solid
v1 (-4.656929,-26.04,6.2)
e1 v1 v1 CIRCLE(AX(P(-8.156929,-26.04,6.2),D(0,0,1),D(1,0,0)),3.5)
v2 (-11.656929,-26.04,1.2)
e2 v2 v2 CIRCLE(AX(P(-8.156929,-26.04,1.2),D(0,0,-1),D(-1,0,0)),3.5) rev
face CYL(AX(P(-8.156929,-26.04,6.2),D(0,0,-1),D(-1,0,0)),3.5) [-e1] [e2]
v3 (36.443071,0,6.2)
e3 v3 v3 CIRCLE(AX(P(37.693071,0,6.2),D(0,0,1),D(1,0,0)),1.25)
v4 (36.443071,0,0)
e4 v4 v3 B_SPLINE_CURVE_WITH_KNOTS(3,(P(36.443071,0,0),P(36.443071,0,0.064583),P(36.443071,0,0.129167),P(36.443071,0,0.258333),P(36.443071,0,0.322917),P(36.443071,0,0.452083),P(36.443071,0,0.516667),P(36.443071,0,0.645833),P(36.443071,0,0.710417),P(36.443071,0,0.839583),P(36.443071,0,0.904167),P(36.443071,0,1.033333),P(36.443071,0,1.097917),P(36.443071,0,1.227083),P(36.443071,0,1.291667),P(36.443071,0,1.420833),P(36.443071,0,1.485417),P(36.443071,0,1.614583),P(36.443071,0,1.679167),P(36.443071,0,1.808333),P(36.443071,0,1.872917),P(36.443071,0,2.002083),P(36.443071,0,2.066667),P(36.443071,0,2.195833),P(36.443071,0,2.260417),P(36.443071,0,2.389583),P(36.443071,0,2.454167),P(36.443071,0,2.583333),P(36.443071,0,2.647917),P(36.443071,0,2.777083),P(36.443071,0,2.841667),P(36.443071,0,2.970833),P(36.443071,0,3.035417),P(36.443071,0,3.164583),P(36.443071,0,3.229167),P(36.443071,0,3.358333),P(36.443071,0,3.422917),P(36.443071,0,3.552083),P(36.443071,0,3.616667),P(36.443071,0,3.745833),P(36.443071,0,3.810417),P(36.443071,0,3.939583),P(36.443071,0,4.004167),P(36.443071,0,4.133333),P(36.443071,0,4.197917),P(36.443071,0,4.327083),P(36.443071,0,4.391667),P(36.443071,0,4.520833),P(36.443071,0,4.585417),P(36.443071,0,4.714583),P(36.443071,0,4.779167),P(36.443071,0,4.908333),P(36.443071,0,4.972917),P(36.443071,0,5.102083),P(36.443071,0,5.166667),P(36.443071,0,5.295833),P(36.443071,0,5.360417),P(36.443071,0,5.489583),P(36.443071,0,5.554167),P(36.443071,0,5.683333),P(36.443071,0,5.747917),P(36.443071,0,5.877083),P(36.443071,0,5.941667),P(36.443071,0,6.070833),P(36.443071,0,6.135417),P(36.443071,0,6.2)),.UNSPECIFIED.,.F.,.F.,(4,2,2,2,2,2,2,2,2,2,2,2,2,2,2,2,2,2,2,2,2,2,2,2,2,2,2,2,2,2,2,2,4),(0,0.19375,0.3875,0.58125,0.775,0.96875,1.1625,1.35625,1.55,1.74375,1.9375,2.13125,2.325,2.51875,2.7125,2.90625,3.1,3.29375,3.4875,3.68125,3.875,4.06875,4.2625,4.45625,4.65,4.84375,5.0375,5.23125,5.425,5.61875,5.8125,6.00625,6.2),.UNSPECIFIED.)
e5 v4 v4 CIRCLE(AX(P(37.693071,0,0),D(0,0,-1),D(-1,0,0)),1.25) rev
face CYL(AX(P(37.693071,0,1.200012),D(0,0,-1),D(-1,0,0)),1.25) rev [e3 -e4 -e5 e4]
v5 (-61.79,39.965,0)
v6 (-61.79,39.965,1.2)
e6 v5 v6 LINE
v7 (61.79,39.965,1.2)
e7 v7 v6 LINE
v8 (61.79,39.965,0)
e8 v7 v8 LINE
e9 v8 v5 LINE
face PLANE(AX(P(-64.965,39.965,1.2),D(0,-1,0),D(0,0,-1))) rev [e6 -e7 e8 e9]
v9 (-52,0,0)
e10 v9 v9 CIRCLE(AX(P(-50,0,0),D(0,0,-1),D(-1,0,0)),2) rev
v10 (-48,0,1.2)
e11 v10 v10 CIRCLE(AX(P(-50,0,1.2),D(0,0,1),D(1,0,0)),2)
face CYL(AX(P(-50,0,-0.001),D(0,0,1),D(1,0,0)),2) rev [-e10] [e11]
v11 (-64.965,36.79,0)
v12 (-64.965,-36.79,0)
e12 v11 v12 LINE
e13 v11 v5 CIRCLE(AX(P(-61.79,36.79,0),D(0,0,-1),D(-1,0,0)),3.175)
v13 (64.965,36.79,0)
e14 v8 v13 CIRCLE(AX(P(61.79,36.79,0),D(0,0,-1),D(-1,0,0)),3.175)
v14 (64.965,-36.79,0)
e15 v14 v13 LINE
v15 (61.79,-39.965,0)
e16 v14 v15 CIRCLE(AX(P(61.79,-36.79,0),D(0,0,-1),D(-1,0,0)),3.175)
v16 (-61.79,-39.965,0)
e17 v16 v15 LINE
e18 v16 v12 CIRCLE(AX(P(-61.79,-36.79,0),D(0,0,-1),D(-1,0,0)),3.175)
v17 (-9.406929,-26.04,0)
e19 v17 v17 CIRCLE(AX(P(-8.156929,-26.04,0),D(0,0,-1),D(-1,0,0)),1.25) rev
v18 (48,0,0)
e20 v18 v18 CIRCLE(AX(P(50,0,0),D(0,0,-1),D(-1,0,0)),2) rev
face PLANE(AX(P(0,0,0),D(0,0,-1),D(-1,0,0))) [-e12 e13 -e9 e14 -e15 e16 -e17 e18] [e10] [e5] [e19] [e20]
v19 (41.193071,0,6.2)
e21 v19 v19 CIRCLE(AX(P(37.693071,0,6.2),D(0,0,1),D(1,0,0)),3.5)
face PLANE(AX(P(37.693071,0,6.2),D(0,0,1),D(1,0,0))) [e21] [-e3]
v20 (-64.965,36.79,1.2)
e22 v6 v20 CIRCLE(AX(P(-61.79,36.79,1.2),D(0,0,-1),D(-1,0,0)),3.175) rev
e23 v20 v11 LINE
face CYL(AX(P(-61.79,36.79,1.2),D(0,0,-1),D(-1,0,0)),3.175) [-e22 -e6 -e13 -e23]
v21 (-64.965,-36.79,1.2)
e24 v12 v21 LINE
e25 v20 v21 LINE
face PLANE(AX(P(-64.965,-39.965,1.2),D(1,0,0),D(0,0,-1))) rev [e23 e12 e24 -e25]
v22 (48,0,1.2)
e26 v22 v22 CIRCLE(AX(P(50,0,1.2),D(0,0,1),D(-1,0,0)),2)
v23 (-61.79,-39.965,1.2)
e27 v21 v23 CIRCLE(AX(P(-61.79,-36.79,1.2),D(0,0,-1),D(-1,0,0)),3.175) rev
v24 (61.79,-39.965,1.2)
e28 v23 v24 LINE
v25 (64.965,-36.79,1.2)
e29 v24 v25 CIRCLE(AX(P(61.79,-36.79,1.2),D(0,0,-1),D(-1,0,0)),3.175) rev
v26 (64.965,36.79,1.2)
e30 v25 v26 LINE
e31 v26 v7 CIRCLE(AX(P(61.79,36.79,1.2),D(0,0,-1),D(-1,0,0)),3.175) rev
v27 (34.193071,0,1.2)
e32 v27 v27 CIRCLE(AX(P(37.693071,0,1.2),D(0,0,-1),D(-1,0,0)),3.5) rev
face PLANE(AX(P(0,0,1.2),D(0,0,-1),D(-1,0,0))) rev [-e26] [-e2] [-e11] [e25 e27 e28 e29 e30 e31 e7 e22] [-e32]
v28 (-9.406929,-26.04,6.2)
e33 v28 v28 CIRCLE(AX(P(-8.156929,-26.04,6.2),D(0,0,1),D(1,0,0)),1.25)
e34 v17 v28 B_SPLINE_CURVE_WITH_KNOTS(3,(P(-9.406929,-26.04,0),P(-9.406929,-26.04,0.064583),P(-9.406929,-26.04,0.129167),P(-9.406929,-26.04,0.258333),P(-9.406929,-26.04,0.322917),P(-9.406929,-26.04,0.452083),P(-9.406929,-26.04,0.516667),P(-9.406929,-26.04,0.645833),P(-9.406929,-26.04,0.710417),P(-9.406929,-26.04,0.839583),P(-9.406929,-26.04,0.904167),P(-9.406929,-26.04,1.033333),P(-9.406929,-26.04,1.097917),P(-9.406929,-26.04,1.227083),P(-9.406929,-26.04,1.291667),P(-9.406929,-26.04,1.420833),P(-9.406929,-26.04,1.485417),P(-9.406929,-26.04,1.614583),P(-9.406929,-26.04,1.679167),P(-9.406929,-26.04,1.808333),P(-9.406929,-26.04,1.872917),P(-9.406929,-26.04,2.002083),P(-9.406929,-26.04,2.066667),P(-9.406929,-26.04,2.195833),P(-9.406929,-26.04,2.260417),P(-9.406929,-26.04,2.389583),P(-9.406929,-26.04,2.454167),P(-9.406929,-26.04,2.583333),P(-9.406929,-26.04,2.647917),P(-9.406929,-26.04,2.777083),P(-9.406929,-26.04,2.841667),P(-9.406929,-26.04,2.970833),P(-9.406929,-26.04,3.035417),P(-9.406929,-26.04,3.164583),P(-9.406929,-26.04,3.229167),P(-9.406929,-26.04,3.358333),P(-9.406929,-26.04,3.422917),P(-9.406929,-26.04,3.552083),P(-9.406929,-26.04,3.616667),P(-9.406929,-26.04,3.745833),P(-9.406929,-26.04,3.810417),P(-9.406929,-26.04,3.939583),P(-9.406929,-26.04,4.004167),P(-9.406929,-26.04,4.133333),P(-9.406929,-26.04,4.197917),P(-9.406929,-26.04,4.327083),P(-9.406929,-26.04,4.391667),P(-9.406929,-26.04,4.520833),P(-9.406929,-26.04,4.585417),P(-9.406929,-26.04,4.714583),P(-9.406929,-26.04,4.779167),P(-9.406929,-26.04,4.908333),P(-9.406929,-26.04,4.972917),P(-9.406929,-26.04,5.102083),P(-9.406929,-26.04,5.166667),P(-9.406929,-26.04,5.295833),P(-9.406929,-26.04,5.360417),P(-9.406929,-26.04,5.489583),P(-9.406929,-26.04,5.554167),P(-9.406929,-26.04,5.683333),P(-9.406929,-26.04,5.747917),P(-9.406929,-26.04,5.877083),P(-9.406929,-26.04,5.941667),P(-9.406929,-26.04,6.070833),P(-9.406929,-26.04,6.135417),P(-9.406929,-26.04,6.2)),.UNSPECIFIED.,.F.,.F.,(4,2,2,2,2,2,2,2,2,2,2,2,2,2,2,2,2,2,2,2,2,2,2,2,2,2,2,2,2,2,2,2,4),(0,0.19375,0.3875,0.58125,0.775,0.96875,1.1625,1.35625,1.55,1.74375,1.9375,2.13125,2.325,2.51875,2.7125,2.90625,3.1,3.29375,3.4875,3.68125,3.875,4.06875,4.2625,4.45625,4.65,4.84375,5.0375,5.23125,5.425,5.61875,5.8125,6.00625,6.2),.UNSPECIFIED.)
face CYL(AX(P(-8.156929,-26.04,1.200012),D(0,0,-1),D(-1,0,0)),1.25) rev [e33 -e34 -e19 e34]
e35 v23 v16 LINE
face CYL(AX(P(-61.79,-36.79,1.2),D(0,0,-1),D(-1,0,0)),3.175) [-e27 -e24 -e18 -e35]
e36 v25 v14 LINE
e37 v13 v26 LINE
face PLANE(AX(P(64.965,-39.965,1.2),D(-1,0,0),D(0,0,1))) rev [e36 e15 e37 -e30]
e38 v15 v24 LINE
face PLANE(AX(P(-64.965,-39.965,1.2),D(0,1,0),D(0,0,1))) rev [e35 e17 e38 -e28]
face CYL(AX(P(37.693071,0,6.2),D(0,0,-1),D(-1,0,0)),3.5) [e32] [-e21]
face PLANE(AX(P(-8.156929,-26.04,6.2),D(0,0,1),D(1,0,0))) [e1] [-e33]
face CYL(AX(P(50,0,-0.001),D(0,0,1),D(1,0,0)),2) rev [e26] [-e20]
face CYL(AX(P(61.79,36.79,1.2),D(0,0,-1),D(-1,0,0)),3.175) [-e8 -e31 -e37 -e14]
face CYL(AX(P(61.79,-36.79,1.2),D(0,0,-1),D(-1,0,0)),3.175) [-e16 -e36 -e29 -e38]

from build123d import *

# Parameters (mm, degrees)
SKETCH1_W                      = 129.93
SKETCH1_H                      = 79.93
BOSS_EXTRUDE1_DEPTH            = 1.2
FILLET1_R                      = 3.175
CUT_EXTRUDE2_REACH             = 78.283
SKETCH3_R                      = 2
CUT_EXTRUDE1_REACH             = 78.283
SKETCH2_R                      = 1.25
CUT_EXTRUDE1_DIRECTION_2_DEPTH = 77.282976148
BOSS_EXTRUDE2_START            = 5
SKETCH4_R                      = 3.5
SKETCH4_R_2                    = 1.25
BOSS_EXTRUDE2_DEPTH            = 5


with BuildPart() as part:
    # Sketch1 → Boss-Extrude1 (new body)
    with BuildSketch(Plane.XY):
        Rectangle(SKETCH1_W, SKETCH1_H)
    extrude(amount=BOSS_EXTRUDE1_DEPTH)

    # Fillet1
    fillet1_edges = [part.edges().sort_by_distance(p)[0] for p in [
        (64.965, -39.965, 0.6),
        (-64.965, -39.965, 0.6),
        (-64.965, 39.965, 0.6),
        (64.965, 39.965, 0.6),
    ]]
    fillet(fillet1_edges, radius=FILLET1_R)

    # Sketch3 → Cut-Extrude2 (cut, up to next)
    with BuildSketch(Plane.XY.offset(1.2), mode=Mode.PRIVATE) as cut_extrude2_sk1:
        with Locations((-50, 0)):
            Circle(SKETCH3_R)
    cut_extrude2_tool1 = extrude(cut_extrude2_sk1.sketch, amount=-CUT_EXTRUDE2_REACH, mode=Mode.PRIVATE) & part.part
    # Sketch3 → Cut-Extrude2 (cut, up to next)
    with BuildSketch(Plane.XY.offset(1.2), mode=Mode.PRIVATE) as cut_extrude2_sk2:
        with Locations(Location((50, 0, 0), (0, 0, 180))):
            Circle(SKETCH3_R)
    cut_extrude2_tool2 = extrude(cut_extrude2_sk2.sketch, amount=-CUT_EXTRUDE2_REACH, mode=Mode.PRIVATE) & part.part
    add(cut_extrude2_tool1.solids().sort_by_distance((-50, 0, 1.2))[0], mode=Mode.SUBTRACT)
    add(cut_extrude2_tool2.solids().sort_by_distance((50, 0, 1.2))[0], mode=Mode.SUBTRACT)

    # Sketch2 → Cut-Extrude1 (cut, up to next)
    with BuildSketch(Plane.XY.offset(1.2), mode=Mode.PRIVATE) as cut_extrude1_sk1:
        with Locations(Location((-8.156928596, -26.04, 0), (0, 0, 180))):
            Circle(SKETCH2_R)
    cut_extrude1_tool1 = extrude(cut_extrude1_sk1.sketch, amount=-CUT_EXTRUDE1_REACH, mode=Mode.PRIVATE) & part.part
    # Sketch2 → Cut-Extrude1 (cut, up to next)
    with BuildSketch(Plane.XY.offset(1.2), mode=Mode.PRIVATE) as cut_extrude1_sk2:
        with Locations(Location((37.693071404, 0, 0), (0, 0, 180))):
            Circle(SKETCH2_R)
    cut_extrude1_tool2 = extrude(cut_extrude1_sk2.sketch, amount=-CUT_EXTRUDE1_REACH, mode=Mode.PRIVATE) & part.part
    add(cut_extrude1_tool1.solids().sort_by_distance((-8.156929, -26.04, 1.2))[0], mode=Mode.SUBTRACT)
    add(cut_extrude1_tool2.solids().sort_by_distance((37.693071, 0, 1.2))[0], mode=Mode.SUBTRACT)

    # Sketch2 → Cut-Extrude1 direction 2 (cut)
    with BuildSketch(Plane.XY.offset(1.2)):
        with Locations(Location((-8.156928596, -26.04, 0), (0, 0, 180))):
            Circle(SKETCH2_R)
        with Locations(Location((37.693071404, 0, 0), (0, 0, 180))):
            Circle(SKETCH2_R)
    extrude(amount=CUT_EXTRUDE1_DIRECTION_2_DEPTH, mode=Mode.SUBTRACT)

    # Sketch4 → Boss-Extrude2 (add)
    # profile 1 of 2: a face of its own
    with BuildSketch(Plane.XY.offset(1.2).offset(BOSS_EXTRUDE2_START)):
        with Locations(Location((-8.156928596, -26.04, 0), (0, 0, 180))):
            Circle(SKETCH4_R)
        with Locations(Location((-8.156928596, -26.04, 0), (0, 0, 180))):
            Circle(SKETCH4_R_2, mode=Mode.SUBTRACT)
    # profile 2 of 2: a face of its own
    with BuildSketch(Plane.XY.offset(1.2).offset(BOSS_EXTRUDE2_START)):
        with Locations(Location((37.693071404, 0, 0), (0, 0, 180))):
            Circle(SKETCH4_R)
        with Locations(Location((37.693071404, 0, 0), (0, 0, 180))):
            Circle(SKETCH4_R_2, mode=Mode.SUBTRACT)
    extrude(amount=-BOSS_EXTRUDE2_DEPTH)


solid = part.part
